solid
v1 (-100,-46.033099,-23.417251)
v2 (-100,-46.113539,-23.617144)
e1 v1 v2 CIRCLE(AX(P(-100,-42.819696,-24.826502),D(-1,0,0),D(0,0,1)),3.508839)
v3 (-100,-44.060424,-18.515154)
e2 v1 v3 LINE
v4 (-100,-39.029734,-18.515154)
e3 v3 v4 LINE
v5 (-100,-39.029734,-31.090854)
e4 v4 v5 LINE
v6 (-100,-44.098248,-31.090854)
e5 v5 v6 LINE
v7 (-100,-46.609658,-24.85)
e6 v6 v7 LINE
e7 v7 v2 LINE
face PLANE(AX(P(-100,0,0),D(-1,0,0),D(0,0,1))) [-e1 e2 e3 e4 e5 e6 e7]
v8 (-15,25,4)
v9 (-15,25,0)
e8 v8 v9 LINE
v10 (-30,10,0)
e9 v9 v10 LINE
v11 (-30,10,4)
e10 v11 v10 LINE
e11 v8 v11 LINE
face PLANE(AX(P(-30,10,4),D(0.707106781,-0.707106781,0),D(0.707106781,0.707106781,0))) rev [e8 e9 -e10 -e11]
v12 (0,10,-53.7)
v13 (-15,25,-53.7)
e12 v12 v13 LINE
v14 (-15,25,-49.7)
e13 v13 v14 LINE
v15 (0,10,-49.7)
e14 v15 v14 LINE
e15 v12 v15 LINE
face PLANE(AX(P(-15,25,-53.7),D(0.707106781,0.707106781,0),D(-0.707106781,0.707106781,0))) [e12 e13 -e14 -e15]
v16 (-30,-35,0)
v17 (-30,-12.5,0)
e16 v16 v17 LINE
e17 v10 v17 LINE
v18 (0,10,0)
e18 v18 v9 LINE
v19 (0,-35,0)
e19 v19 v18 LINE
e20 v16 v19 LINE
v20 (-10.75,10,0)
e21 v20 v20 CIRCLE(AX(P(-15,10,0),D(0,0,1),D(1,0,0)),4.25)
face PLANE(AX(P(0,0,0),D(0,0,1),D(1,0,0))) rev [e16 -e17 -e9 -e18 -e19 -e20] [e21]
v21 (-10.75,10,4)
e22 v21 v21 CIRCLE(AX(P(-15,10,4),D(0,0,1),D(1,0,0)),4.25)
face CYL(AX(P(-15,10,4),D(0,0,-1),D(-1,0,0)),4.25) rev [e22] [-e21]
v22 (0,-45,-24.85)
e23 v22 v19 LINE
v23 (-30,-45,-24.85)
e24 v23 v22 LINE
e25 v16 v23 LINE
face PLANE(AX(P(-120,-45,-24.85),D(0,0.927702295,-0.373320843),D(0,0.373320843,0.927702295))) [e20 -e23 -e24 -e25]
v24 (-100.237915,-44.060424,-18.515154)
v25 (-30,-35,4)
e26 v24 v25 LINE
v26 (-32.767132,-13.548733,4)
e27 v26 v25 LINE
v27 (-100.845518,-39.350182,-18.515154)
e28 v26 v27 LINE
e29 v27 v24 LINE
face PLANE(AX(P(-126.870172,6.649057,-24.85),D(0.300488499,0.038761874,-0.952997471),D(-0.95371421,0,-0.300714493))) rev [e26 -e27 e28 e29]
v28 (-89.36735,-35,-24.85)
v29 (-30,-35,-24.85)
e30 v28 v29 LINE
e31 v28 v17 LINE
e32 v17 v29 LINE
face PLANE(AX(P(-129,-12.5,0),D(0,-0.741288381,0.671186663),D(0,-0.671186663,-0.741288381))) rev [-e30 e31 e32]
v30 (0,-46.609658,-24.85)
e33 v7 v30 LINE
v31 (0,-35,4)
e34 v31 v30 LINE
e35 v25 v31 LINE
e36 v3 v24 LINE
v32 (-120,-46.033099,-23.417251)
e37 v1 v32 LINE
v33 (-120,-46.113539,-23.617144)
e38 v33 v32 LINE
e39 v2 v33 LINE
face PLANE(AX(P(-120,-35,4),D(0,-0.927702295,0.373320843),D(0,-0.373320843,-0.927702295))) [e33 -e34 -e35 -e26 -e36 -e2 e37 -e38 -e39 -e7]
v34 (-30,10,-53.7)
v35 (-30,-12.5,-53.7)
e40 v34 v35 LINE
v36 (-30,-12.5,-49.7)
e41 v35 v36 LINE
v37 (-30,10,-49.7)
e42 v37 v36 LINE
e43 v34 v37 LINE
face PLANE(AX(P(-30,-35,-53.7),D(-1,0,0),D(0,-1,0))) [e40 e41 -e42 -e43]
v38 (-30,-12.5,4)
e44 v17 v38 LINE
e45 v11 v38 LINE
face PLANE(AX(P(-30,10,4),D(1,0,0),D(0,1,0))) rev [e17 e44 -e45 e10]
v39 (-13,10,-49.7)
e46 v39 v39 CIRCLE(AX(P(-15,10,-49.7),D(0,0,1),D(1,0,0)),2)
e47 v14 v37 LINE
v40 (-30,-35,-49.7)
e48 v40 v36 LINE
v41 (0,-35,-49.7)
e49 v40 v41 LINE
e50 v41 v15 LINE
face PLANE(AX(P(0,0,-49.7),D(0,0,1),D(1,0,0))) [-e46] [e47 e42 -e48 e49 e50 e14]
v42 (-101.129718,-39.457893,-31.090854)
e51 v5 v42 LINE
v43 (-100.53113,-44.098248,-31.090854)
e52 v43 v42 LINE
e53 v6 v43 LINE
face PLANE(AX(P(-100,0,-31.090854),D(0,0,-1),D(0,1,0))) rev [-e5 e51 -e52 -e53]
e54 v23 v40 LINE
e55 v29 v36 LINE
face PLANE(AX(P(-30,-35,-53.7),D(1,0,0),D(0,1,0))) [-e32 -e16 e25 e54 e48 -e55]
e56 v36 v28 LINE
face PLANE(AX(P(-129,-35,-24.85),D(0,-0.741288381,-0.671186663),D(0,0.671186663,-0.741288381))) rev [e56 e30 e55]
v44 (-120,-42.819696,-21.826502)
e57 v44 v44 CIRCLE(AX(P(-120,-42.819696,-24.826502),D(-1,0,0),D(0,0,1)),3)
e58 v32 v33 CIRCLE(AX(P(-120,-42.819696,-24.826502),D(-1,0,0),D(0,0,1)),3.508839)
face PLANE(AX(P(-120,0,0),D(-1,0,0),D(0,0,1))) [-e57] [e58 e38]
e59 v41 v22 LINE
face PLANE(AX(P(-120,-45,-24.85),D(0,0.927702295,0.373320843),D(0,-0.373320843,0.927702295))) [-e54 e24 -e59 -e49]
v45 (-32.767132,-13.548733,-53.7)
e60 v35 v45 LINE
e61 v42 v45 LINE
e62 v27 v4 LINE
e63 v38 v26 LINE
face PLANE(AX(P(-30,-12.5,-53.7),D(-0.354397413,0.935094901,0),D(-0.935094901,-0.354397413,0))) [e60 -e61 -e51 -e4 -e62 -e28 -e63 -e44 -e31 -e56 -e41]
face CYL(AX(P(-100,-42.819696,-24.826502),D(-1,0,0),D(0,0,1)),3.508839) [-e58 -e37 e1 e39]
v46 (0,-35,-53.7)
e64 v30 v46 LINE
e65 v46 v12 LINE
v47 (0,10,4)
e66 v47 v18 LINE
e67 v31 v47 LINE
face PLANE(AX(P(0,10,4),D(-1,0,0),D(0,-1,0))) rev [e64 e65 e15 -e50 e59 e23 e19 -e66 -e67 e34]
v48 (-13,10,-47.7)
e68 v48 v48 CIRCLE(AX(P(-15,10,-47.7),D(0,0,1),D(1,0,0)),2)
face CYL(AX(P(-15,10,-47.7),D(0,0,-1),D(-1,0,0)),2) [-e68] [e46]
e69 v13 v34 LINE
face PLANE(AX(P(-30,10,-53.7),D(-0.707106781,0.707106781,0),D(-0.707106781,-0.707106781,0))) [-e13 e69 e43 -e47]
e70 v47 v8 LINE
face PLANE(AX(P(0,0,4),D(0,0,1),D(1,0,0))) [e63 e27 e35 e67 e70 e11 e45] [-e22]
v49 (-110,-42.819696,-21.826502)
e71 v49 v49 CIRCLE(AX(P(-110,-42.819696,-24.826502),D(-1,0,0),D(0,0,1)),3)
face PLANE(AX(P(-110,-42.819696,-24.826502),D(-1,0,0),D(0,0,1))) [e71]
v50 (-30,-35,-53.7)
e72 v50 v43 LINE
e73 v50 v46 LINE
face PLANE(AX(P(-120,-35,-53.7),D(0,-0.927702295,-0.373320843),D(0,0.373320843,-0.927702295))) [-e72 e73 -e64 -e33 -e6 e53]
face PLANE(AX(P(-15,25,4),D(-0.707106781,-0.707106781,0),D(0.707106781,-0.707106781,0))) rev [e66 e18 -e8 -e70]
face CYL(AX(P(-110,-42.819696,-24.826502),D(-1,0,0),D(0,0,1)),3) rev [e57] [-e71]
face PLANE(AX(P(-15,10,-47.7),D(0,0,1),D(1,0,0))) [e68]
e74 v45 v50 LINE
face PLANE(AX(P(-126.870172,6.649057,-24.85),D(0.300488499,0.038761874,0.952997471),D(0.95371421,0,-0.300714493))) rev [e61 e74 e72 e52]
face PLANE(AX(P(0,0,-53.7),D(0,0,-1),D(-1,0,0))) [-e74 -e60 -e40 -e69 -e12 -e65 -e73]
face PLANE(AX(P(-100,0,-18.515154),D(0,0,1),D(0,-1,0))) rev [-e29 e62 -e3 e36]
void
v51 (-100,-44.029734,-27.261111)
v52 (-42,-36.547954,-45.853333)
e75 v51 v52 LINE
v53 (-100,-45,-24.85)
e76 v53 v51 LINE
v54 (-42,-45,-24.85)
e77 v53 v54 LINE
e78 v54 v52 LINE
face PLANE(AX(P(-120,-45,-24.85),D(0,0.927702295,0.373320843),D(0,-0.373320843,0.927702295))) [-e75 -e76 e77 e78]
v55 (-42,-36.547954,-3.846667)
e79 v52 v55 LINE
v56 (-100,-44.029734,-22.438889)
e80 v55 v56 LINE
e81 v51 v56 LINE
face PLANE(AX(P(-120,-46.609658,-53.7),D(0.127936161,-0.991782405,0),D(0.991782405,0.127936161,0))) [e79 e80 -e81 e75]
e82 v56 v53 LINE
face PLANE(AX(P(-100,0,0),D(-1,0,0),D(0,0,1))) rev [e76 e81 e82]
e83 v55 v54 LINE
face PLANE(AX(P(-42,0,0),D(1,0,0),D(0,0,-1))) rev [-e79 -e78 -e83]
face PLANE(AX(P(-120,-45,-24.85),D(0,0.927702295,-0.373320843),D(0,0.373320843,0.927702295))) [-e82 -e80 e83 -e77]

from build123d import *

# Parameters (mm, degrees)
SKETCH1_R                = 4.25
BOSS_EXTRUDE1_DEPTH      = 4
BOSS_EXTRUDE2_DEPTH      = 4
SKETCH3_R                = 2
BOSS_EXTRUDE3_DEPTH      = 2
BOSS_EXTRUDE4_DEPTH      = 53.7
BOSS_EXTRUDE4_DEPTH_BACK = 4
CUT_EXTRUDE1_DEPTH       = 53.7
BOSS_EXTRUDE5_DEPTH      = 120
CUT_EXTRUDE2_DEPTH       = 120
CUT_EXTRUDE2_DEPTH_BACK  = 120
BOSS_EXTRUDE6_DEPTH      = 53.7
BOSS_EXTRUDE6_DEPTH_BACK = 4
CUT_EXTRUDE3_DEPTH       = 53.7
CUT_EXTRUDE4_DEPTH       = 53.7
SKETCH18_W               = 12.575700543
SKETCH18_H               = 12.198178211
CUT_EXTRUDE9_DEPTH       = 98.7
BOSS_EXTRUDE7_DEPTH      = 20
CUT_EXTRUDE11_DEPTH      = 20
SKETCH22_R               = 3
CUT_EXTRUDE12_DEPTH      = 10
CUT_EXTRUDE13_DEPTH      = 99
CUT_EXTRUDE14_DEPTH      = 99
BOSS_EXTRUDE8_DEPTH      = 12


with BuildPart() as part:
    # Sketch1 → Boss-Extrude1 (new body)
    with BuildSketch(Plane.XY):
        Polygon((0, 10), (0, -15), (-30, -35), (-30, 10), (-15, 25), align=None)
        with Locations((-15, 10)):
            Circle(SKETCH1_R, mode=Mode.SUBTRACT)
    extrude(amount=BOSS_EXTRUDE1_DEPTH)



with BuildPart() as body_2:
    # Sketch2 → Boss-Extrude2 (new body)
    with BuildSketch(Plane.XY.offset(-49.7)):
        Polygon((-30, -35), (-30, 10), (-15, 25), (0, 10), (0, -15), align=None)
    extrude(amount=-BOSS_EXTRUDE2_DEPTH)

    # Sketch3 → Boss-Extrude3 (add)
    with BuildSketch(Plane.XY.offset(-49.7)):
        with Locations((-15, 10)):
            Circle(SKETCH3_R)
    extrude(amount=BOSS_EXTRUDE3_DEPTH)


with BuildPart() as part_1:
    add(part.part)

    add(body_2.part)  # Boss-Extrude4 merges body 2
    # Sketch4 → Boss-Extrude4 (add, two sides: drawn at the far end of the back side and taken through both)
    with BuildSketch(Plane.XY.offset(-49.7).offset(-BOSS_EXTRUDE4_DEPTH_BACK)):
        Polygon((-30, -35), (0, -35), (0, -15), align=None)
    extrude(amount=BOSS_EXTRUDE4_DEPTH + BOSS_EXTRUDE4_DEPTH_BACK)

    # Sketch5 → Cut-Extrude1 (cut)
    with BuildSketch(Plane(origin=(0, 0, 0), x_dir=(0, 0, -1), z_dir=(1, 0, 0))):
        Polygon((24.85, -15), (49.7, -15), (49.7, -35), (0, -35), (0, -15), align=None)
    extrude(amount=-CUT_EXTRUDE1_DEPTH, mode=Mode.SUBTRACT)


with BuildPart() as cut_extrude1_piece_1:
    # of the separate pieces the step leaves, piece 1, a body of its own (cut_extrude1_pieces)
    add(part_1.part.solids().sort_by_distance((-30, -35, -49.7))[0])



with BuildPart() as cut_extrude1_piece_2:
    # of the separate pieces the step leaves, piece 2, a body of its own (cut_extrude1_pieces)
    add(part_1.part.solids().sort_by_distance((0, -35, 0))[0])


with BuildPart() as cut_extrude1_piece_1_1:
    add(cut_extrude1_piece_1.part)

    add(cut_extrude1_piece_2.part)  # Boss-Extrude5 merges Cut-Extrude1 piece 2
    # Sketch6 → Boss-Extrude5 (add)
    with BuildSketch(Plane(origin=(0, 0, 0), x_dir=(0, 0, -1), z_dir=(1, 0, 0))):
        Polygon((0, -35), (-4, -35), (24.85, -46.609657949), (53.7, -35), (49.7, -35), (24.85, -45), align=None)
    extrude(amount=-BOSS_EXTRUDE5_DEPTH)

    # Sketch7 → Cut-Extrude2 (cut, two sides: drawn at the far end of the back side and taken through both)
    with BuildSketch(Plane.XY.offset(-49.7).offset(-CUT_EXTRUDE2_DEPTH_BACK)):
        Polygon((-30, -35), (-120, -35), (-120, -46.609657949), align=None)
    extrude(amount=CUT_EXTRUDE2_DEPTH + CUT_EXTRUDE2_DEPTH_BACK, mode=Mode.SUBTRACT)

    # Sketch8 → Boss-Extrude6 (add, two sides: drawn at the far end of the back side and taken through both)
    with BuildSketch(Plane.XY.offset(-49.7).offset(-BOSS_EXTRUDE6_DEPTH_BACK)):
        Polygon((-30, -35), (-30, -12.5), (-120, -46.609657949), align=None)
    extrude(amount=BOSS_EXTRUDE6_DEPTH + BOSS_EXTRUDE6_DEPTH_BACK)

    # Sketch9 → Cut-Extrude3 (cut)
    with BuildSketch(Plane(origin=(3.949939329, -30.620586856, 0), x_dir=(0.991782404932817, 0.12793616089940293, 0), z_dir=(0.12793616089940293, -0.991782404932817, 0))):
        Polygon((-124.976949291, -24.85), (-34.231237779, -53.7), (-124.976949291, -53.7), align=None)
    extrude(amount=-CUT_EXTRUDE3_DEPTH, mode=Mode.SUBTRACT)

    # Sketch10 → Cut-Extrude4 (cut)
    with BuildSketch(Plane(origin=(3.949939329, -30.620586856, 0), x_dir=(0.991782404932817, 0.12793616089940293, 0), z_dir=(0.12793616089940293, -0.991782404932817, 0))):
        Polygon((-124.976949291, -24.85), (-34.231237779, 4), (-124.976949291, 4), align=None)
    extrude(amount=-CUT_EXTRUDE4_DEPTH, mode=Mode.SUBTRACT)

    # Sketch18 → Cut-Extrude9 (cut)
    with BuildSketch(Plane(origin=(-100, 0, 0), x_dir=(0, 0, -1), z_dir=(1, 0, 0))):
        with Locations((24.80300407, -45.072632523)):
            Rectangle(SKETCH18_W, SKETCH18_H)
    extrude(amount=-CUT_EXTRUDE9_DEPTH, mode=Mode.SUBTRACT)

    # Sketch19 → Boss-Extrude7 (add)
    with BuildSketch(Plane.ZY.offset(100)):
        Polygon((-31.090854341, -39.02973396), (-31.090854341, -44.098247751), (-24.85, -46.609657949), (-18.515153798, -44.060424064), (-18.515153798, -39.02973396), align=None)
    extrude(amount=BOSS_EXTRUDE7_DEPTH)

    # Sketch20 → Cut-Extrude11 (cut)
    with BuildSketch(Plane.ZY.offset(120)):
        with BuildLine():
            Line((-18.515153798, -39.02973396), (-24.80300407, -39.02973396))
            Line((-24.80300407, -39.02973396), (-24.804747468, -39.310924888))
            ThreePointArc((-24.804747468, -39.310924888), (-22.337699017, -40.346275812), (-21.317663529, -42.819695955))
            ThreePointArc((-21.317663529, -42.819695955), (-21.889089638, -44.738955206), (-23.417250653, -46.033098856))
            Line((-23.417250653, -46.033098856), (-18.515153798, -44.060424064))
            Line((-18.515153798, -44.060424064), (-18.515153798, -39.02973396))
        make_face()
        with BuildLine():
            Line((-24.804747468, -39.310924888), (-24.80300407, -39.02973396))
            Line((-24.80300407, -39.02973396), (-31.090854341, -39.02973396))
            Line((-31.090854341, -39.02973396), (-31.090854341, -44.098247751))
            Line((-31.090854341, -44.098247751), (-24.85, -46.609657949))
            Line((-24.85, -46.609657949), (-24.848256601, -46.328467021))
            ThreePointArc((-24.848256601, -46.328467021), (-28.335273102, -42.797941388), (-24.804747468, -39.310924888))
        make_face()
        with BuildLine():
            ThreePointArc((-23.617143522, -46.113538642), (-24.223054162, -46.276254695), (-24.848256601, -46.328467021))
            Line((-24.848256601, -46.328467021), (-24.85, -46.609657949))
            Line((-24.85, -46.609657949), (-23.617143522, -46.113538642))
        make_face()
    extrude(amount=-CUT_EXTRUDE11_DEPTH, mode=Mode.SUBTRACT)

    # Sketch22 → Cut-Extrude12 (cut)
    with BuildSketch(Plane.ZY.offset(120)):
        with Locations((-24.826502035, -42.819695955)):
            Circle(SKETCH22_R)
    extrude(amount=-CUT_EXTRUDE12_DEPTH, mode=Mode.SUBTRACT)

    # Sketch23 → Cut-Extrude13 (cut)
    with BuildSketch(Plane(origin=(-30, 0, 0), x_dir=(0, 0, -1), z_dir=(1, 0, 0))):
        Polygon((0, -12.5), (24.300610602, -23.722317099), (49.7, -12.5), align=None)
    extrude(amount=-CUT_EXTRUDE13_DEPTH, mode=Mode.SUBTRACT)

    # Sketch24 → Cut-Extrude14 (cut)
    with BuildSketch(Plane(origin=(-30, 0, 0), x_dir=(0, 0, -1), z_dir=(1, 0, 0))):
        Polygon((0, -12.5), (24.85, -35), (49.7, -12.5), (24.300610602, -23.722317099), align=None)
    extrude(amount=-CUT_EXTRUDE14_DEPTH, mode=Mode.SUBTRACT)

    # Sketch25 → Boss-Extrude8 (add)
    with BuildSketch(Plane(origin=(-30, 0, 0), x_dir=(0, 0, -1), z_dir=(1, 0, 0))):
        Polygon((0, -35), (49.7, -35), (24.85, -45), align=None)
    extrude(amount=-BOSS_EXTRUDE8_DEPTH)


solid = cut_extrude1_piece_1_1.part
